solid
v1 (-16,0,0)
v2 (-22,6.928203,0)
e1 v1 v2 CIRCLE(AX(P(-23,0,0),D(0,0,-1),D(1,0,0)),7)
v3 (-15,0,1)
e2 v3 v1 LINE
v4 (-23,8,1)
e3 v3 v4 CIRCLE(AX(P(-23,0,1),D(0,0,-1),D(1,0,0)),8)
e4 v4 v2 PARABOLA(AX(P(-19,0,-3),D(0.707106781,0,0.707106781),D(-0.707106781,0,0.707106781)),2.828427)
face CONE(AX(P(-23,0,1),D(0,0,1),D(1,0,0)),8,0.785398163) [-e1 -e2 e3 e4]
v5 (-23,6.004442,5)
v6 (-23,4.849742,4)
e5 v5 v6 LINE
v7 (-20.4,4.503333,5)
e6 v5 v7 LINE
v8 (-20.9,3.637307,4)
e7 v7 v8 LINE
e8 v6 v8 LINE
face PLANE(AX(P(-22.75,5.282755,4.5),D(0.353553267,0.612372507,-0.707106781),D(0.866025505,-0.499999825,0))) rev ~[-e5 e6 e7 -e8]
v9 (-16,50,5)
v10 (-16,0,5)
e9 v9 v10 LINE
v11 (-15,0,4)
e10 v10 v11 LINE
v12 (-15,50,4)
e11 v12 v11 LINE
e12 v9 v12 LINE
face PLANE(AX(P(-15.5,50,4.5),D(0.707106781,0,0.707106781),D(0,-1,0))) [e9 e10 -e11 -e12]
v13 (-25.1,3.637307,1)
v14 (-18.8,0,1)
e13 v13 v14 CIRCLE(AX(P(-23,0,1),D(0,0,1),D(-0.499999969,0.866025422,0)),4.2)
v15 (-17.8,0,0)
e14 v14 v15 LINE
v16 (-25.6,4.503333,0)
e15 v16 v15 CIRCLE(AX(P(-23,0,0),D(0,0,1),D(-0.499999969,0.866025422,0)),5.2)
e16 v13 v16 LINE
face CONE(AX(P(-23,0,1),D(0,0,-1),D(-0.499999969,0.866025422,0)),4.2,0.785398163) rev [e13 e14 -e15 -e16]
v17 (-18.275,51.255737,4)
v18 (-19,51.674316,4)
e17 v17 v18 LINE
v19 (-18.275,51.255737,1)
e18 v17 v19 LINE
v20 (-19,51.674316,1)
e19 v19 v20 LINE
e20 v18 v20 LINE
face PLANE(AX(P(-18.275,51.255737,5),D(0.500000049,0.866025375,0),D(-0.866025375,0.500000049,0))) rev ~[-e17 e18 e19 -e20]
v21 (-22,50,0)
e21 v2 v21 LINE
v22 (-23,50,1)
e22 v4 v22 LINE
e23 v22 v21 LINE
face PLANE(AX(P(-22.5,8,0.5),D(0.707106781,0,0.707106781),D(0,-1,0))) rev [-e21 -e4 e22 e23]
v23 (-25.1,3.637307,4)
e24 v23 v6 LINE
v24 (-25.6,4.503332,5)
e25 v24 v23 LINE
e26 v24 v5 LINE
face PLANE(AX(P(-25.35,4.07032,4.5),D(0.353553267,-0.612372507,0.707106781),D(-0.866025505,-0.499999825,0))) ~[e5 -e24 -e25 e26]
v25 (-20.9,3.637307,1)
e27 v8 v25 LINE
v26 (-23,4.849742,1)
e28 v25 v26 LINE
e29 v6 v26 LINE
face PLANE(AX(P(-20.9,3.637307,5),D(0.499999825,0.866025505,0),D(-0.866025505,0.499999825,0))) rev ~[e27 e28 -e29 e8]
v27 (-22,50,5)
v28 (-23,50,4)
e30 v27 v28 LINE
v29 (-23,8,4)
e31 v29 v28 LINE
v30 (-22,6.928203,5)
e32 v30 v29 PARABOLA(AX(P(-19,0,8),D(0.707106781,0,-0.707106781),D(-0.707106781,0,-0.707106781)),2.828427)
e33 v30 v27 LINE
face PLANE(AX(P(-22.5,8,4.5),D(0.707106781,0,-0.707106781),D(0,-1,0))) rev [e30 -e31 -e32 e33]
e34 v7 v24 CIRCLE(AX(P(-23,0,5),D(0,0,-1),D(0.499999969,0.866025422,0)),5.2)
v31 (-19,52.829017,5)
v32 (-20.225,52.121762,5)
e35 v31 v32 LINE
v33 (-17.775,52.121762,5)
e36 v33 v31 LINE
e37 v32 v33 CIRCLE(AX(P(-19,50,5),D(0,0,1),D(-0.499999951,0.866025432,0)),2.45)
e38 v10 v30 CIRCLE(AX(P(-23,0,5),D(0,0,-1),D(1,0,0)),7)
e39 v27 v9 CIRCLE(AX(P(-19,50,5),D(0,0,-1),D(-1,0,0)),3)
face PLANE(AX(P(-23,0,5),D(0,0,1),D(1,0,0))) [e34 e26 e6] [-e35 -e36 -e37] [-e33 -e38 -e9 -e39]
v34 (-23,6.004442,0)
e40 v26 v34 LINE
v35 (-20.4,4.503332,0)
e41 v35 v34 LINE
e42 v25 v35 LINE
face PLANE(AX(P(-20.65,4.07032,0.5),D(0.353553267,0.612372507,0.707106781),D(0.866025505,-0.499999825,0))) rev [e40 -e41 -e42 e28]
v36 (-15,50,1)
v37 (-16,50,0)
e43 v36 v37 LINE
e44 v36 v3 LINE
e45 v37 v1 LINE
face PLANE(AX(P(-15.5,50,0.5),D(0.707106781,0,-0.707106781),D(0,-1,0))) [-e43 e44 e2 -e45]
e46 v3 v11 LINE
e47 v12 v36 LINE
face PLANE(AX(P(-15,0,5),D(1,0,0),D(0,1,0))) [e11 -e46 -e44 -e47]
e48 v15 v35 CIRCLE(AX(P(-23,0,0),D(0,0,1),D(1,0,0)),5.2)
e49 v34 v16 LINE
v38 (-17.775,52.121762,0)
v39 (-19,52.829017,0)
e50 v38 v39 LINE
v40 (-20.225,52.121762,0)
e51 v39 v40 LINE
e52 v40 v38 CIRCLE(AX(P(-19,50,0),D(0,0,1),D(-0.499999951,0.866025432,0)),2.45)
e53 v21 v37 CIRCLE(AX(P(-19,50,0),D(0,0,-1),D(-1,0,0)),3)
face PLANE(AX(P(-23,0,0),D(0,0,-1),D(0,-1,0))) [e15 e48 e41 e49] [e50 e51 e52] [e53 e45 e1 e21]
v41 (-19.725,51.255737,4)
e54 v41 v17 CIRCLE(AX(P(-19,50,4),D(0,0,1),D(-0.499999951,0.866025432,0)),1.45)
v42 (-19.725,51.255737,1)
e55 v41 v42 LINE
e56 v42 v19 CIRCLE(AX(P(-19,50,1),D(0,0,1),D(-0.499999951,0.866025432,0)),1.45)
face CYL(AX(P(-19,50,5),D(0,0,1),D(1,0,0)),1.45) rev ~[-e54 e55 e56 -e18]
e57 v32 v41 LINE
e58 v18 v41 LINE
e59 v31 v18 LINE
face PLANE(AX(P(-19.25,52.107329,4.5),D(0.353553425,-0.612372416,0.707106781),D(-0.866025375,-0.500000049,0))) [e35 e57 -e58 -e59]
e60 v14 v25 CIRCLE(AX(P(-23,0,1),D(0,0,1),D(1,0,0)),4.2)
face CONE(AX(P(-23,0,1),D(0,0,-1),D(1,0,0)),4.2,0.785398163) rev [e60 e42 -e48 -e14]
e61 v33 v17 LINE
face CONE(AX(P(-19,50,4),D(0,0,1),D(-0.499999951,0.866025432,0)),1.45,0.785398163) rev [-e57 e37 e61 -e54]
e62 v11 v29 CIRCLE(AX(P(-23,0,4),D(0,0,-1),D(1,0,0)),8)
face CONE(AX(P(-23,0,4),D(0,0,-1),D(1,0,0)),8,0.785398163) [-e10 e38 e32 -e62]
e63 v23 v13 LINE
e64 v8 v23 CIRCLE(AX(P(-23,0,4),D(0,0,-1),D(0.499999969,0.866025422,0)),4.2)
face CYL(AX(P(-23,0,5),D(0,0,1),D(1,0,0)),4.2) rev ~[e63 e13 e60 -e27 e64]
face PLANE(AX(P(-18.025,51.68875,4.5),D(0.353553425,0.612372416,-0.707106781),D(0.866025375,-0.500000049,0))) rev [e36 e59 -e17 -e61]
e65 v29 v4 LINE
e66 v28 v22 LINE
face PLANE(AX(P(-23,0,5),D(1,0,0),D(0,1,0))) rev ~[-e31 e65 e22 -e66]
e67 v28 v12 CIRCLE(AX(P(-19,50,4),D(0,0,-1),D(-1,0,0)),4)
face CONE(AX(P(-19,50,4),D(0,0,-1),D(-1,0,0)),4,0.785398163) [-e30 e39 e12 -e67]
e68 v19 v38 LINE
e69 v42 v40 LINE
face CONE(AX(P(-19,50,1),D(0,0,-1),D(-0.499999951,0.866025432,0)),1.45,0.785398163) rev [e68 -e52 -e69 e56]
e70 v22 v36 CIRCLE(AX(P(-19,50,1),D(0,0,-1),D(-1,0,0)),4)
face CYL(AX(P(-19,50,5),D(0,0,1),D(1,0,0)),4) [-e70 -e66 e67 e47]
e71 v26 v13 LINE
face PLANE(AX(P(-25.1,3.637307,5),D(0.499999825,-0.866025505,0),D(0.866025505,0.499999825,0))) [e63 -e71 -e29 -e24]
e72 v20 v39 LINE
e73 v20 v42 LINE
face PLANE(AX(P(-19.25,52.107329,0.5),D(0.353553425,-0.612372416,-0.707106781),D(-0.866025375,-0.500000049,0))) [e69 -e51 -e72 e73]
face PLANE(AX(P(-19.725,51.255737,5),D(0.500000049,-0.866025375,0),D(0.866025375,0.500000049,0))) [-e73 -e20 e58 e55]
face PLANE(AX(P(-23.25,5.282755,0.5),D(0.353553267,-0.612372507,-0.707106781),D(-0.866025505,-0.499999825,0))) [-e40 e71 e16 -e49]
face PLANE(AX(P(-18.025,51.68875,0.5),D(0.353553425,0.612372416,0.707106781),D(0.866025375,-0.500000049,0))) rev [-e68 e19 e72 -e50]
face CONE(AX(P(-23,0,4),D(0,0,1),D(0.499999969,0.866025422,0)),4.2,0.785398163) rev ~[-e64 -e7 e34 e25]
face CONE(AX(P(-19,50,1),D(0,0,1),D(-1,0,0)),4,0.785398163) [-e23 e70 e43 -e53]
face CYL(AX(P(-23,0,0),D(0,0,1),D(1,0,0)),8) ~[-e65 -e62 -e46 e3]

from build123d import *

# Parameters (mm, degrees)
SKETCH_R                   = 8
PAD_DEPTH                  = 5
PAD001_DEPTH               = 5
SKETCH002_R                = 1.45
HOLE_DEPTH                 = 25
HOLE_TEARDROPS_DEPTH       = 25
SKETCH003_R                = 8
PAD002_DEPTH               = 0.9
SKETCH004_R                = 4.2
HOLE001_DEPTH              = 25
HOLE001_TEARDROPS_DEPTH    = 25
HOLE001_TEARDROPS_FACE12_R = 8
POCKET_DEPTH               = 0.9
CHAMFER_SIZE               = 1


with BuildPart() as part:
    # Sketch → Pad (new body)
    with BuildSketch(Plane.XY):
        with Locations((-23, 0)):
            Circle(SKETCH_R)
    extrude(amount=PAD_DEPTH)

    # Sketch001 (on Face3 of Pad) → Pad001 (join)
    with BuildSketch(Plane.XY.offset(5)):
        with BuildLine():
            ThreePointArc((-23, 0), (-19, -4), (-15, 0))
            Line((-15, 0), (-15, 50))
            ThreePointArc((-15, 50), (-19, 54), (-23, 50))
            Line((-23, 0), (-23, 50))
        make_face()
    extrude(amount=-PAD001_DEPTH)

    # Sketch002 (on Face6 of Pad001) → Hole (cut)
    with BuildSketch(Plane.XY.offset(5)):
        with Locations((-19, 50)):
            Circle(SKETCH002_R)
    extrude(amount=-HOLE_DEPTH, mode=Mode.SUBTRACT)

    # Sketch002_Teardrops (on Sketch) → Hole_Teardrops (cut)
    with BuildSketch(Plane.XY.offset(5)):
        with BuildLine():
            ThreePointArc((-19.725, 51.255737), (-19, 48.55), (-18.275, 51.255737))
            Line((-18.275, 51.255737), (-19, 51.674316))
            Line((-19.725, 51.255737), (-19, 51.674316))
        make_face()
    extrude(amount=-HOLE_TEARDROPS_DEPTH, mode=Mode.SUBTRACT)

    # Sketch003 (on Face4 of Hole_Teardrops) → Pad002 (join)
    with BuildSketch(Plane(origin=(0, 0, 0), x_dir=(1, 0, 0), z_dir=(0, 0, -1))):
        with Locations((-23, 0)):
            Circle(SKETCH003_R)
    extrude(amount=PAD002_DEPTH)

    # Sketch004 (on Face2 of Pad002) → Hole001 (cut)
    with BuildSketch(Plane.XY.offset(5)):
        with Locations((-23, 0)):
            Circle(SKETCH004_R)
    extrude(amount=-HOLE001_DEPTH, mode=Mode.SUBTRACT)

    # Sketch004_Teardrops (on Sketch) → Hole001_Teardrops (cut)
    with BuildSketch(Plane.XY.offset(5)):
        with BuildLine():
            ThreePointArc((-25.1, 3.637307), (-23, -4.2), (-20.9, 3.637307))
            Line((-20.9, 3.637307), (-23, 4.849742))
            Line((-25.1, 3.637307), (-23, 4.849742))
        make_face()
    extrude(amount=-HOLE001_TEARDROPS_DEPTH, mode=Mode.SUBTRACT)

    # Hole001_Teardrops Face12 → Pocket (cut)
    with BuildSketch(Plane(origin=(-23, -0.028446, -0.9), x_dir=(0, -1, 0), z_dir=(0, 0, -1))):
        with Locations((-0.028446, 0)):
            Circle(HOLE001_TEARDROPS_FACE12_R)
        with BuildLine():
            ThreePointArc((-0.028446, -4.2), (-2.128446, -3.637307), (-3.665753, -2.1))
            Line((-3.665753, -2.1), (-4.878188, 0))
            Line((-4.878188, 0), (-3.665753, 2.1))
            ThreePointArc((-3.665753, 2.1), (3.608861, 2.1), (-0.028446, -4.2))
        make_face(mode=Mode.SUBTRACT)
    extrude(amount=-POCKET_DEPTH, mode=Mode.SUBTRACT)

    # Chamfer
    chamfer_edges = [part.edges().sort_by_distance(p)[0] for p in [
        (-19.725, 48.744263, 0),
        (-23, 29, 0),
        (-23, 29, 5),
        (-25.1, -3.637307, 0),
        (-25.1, -3.637307, 5),
        (-19.725, 48.744263, 5),
    ]]
    chamfer(chamfer_edges, length=CHAMFER_SIZE)


solid = part.part
